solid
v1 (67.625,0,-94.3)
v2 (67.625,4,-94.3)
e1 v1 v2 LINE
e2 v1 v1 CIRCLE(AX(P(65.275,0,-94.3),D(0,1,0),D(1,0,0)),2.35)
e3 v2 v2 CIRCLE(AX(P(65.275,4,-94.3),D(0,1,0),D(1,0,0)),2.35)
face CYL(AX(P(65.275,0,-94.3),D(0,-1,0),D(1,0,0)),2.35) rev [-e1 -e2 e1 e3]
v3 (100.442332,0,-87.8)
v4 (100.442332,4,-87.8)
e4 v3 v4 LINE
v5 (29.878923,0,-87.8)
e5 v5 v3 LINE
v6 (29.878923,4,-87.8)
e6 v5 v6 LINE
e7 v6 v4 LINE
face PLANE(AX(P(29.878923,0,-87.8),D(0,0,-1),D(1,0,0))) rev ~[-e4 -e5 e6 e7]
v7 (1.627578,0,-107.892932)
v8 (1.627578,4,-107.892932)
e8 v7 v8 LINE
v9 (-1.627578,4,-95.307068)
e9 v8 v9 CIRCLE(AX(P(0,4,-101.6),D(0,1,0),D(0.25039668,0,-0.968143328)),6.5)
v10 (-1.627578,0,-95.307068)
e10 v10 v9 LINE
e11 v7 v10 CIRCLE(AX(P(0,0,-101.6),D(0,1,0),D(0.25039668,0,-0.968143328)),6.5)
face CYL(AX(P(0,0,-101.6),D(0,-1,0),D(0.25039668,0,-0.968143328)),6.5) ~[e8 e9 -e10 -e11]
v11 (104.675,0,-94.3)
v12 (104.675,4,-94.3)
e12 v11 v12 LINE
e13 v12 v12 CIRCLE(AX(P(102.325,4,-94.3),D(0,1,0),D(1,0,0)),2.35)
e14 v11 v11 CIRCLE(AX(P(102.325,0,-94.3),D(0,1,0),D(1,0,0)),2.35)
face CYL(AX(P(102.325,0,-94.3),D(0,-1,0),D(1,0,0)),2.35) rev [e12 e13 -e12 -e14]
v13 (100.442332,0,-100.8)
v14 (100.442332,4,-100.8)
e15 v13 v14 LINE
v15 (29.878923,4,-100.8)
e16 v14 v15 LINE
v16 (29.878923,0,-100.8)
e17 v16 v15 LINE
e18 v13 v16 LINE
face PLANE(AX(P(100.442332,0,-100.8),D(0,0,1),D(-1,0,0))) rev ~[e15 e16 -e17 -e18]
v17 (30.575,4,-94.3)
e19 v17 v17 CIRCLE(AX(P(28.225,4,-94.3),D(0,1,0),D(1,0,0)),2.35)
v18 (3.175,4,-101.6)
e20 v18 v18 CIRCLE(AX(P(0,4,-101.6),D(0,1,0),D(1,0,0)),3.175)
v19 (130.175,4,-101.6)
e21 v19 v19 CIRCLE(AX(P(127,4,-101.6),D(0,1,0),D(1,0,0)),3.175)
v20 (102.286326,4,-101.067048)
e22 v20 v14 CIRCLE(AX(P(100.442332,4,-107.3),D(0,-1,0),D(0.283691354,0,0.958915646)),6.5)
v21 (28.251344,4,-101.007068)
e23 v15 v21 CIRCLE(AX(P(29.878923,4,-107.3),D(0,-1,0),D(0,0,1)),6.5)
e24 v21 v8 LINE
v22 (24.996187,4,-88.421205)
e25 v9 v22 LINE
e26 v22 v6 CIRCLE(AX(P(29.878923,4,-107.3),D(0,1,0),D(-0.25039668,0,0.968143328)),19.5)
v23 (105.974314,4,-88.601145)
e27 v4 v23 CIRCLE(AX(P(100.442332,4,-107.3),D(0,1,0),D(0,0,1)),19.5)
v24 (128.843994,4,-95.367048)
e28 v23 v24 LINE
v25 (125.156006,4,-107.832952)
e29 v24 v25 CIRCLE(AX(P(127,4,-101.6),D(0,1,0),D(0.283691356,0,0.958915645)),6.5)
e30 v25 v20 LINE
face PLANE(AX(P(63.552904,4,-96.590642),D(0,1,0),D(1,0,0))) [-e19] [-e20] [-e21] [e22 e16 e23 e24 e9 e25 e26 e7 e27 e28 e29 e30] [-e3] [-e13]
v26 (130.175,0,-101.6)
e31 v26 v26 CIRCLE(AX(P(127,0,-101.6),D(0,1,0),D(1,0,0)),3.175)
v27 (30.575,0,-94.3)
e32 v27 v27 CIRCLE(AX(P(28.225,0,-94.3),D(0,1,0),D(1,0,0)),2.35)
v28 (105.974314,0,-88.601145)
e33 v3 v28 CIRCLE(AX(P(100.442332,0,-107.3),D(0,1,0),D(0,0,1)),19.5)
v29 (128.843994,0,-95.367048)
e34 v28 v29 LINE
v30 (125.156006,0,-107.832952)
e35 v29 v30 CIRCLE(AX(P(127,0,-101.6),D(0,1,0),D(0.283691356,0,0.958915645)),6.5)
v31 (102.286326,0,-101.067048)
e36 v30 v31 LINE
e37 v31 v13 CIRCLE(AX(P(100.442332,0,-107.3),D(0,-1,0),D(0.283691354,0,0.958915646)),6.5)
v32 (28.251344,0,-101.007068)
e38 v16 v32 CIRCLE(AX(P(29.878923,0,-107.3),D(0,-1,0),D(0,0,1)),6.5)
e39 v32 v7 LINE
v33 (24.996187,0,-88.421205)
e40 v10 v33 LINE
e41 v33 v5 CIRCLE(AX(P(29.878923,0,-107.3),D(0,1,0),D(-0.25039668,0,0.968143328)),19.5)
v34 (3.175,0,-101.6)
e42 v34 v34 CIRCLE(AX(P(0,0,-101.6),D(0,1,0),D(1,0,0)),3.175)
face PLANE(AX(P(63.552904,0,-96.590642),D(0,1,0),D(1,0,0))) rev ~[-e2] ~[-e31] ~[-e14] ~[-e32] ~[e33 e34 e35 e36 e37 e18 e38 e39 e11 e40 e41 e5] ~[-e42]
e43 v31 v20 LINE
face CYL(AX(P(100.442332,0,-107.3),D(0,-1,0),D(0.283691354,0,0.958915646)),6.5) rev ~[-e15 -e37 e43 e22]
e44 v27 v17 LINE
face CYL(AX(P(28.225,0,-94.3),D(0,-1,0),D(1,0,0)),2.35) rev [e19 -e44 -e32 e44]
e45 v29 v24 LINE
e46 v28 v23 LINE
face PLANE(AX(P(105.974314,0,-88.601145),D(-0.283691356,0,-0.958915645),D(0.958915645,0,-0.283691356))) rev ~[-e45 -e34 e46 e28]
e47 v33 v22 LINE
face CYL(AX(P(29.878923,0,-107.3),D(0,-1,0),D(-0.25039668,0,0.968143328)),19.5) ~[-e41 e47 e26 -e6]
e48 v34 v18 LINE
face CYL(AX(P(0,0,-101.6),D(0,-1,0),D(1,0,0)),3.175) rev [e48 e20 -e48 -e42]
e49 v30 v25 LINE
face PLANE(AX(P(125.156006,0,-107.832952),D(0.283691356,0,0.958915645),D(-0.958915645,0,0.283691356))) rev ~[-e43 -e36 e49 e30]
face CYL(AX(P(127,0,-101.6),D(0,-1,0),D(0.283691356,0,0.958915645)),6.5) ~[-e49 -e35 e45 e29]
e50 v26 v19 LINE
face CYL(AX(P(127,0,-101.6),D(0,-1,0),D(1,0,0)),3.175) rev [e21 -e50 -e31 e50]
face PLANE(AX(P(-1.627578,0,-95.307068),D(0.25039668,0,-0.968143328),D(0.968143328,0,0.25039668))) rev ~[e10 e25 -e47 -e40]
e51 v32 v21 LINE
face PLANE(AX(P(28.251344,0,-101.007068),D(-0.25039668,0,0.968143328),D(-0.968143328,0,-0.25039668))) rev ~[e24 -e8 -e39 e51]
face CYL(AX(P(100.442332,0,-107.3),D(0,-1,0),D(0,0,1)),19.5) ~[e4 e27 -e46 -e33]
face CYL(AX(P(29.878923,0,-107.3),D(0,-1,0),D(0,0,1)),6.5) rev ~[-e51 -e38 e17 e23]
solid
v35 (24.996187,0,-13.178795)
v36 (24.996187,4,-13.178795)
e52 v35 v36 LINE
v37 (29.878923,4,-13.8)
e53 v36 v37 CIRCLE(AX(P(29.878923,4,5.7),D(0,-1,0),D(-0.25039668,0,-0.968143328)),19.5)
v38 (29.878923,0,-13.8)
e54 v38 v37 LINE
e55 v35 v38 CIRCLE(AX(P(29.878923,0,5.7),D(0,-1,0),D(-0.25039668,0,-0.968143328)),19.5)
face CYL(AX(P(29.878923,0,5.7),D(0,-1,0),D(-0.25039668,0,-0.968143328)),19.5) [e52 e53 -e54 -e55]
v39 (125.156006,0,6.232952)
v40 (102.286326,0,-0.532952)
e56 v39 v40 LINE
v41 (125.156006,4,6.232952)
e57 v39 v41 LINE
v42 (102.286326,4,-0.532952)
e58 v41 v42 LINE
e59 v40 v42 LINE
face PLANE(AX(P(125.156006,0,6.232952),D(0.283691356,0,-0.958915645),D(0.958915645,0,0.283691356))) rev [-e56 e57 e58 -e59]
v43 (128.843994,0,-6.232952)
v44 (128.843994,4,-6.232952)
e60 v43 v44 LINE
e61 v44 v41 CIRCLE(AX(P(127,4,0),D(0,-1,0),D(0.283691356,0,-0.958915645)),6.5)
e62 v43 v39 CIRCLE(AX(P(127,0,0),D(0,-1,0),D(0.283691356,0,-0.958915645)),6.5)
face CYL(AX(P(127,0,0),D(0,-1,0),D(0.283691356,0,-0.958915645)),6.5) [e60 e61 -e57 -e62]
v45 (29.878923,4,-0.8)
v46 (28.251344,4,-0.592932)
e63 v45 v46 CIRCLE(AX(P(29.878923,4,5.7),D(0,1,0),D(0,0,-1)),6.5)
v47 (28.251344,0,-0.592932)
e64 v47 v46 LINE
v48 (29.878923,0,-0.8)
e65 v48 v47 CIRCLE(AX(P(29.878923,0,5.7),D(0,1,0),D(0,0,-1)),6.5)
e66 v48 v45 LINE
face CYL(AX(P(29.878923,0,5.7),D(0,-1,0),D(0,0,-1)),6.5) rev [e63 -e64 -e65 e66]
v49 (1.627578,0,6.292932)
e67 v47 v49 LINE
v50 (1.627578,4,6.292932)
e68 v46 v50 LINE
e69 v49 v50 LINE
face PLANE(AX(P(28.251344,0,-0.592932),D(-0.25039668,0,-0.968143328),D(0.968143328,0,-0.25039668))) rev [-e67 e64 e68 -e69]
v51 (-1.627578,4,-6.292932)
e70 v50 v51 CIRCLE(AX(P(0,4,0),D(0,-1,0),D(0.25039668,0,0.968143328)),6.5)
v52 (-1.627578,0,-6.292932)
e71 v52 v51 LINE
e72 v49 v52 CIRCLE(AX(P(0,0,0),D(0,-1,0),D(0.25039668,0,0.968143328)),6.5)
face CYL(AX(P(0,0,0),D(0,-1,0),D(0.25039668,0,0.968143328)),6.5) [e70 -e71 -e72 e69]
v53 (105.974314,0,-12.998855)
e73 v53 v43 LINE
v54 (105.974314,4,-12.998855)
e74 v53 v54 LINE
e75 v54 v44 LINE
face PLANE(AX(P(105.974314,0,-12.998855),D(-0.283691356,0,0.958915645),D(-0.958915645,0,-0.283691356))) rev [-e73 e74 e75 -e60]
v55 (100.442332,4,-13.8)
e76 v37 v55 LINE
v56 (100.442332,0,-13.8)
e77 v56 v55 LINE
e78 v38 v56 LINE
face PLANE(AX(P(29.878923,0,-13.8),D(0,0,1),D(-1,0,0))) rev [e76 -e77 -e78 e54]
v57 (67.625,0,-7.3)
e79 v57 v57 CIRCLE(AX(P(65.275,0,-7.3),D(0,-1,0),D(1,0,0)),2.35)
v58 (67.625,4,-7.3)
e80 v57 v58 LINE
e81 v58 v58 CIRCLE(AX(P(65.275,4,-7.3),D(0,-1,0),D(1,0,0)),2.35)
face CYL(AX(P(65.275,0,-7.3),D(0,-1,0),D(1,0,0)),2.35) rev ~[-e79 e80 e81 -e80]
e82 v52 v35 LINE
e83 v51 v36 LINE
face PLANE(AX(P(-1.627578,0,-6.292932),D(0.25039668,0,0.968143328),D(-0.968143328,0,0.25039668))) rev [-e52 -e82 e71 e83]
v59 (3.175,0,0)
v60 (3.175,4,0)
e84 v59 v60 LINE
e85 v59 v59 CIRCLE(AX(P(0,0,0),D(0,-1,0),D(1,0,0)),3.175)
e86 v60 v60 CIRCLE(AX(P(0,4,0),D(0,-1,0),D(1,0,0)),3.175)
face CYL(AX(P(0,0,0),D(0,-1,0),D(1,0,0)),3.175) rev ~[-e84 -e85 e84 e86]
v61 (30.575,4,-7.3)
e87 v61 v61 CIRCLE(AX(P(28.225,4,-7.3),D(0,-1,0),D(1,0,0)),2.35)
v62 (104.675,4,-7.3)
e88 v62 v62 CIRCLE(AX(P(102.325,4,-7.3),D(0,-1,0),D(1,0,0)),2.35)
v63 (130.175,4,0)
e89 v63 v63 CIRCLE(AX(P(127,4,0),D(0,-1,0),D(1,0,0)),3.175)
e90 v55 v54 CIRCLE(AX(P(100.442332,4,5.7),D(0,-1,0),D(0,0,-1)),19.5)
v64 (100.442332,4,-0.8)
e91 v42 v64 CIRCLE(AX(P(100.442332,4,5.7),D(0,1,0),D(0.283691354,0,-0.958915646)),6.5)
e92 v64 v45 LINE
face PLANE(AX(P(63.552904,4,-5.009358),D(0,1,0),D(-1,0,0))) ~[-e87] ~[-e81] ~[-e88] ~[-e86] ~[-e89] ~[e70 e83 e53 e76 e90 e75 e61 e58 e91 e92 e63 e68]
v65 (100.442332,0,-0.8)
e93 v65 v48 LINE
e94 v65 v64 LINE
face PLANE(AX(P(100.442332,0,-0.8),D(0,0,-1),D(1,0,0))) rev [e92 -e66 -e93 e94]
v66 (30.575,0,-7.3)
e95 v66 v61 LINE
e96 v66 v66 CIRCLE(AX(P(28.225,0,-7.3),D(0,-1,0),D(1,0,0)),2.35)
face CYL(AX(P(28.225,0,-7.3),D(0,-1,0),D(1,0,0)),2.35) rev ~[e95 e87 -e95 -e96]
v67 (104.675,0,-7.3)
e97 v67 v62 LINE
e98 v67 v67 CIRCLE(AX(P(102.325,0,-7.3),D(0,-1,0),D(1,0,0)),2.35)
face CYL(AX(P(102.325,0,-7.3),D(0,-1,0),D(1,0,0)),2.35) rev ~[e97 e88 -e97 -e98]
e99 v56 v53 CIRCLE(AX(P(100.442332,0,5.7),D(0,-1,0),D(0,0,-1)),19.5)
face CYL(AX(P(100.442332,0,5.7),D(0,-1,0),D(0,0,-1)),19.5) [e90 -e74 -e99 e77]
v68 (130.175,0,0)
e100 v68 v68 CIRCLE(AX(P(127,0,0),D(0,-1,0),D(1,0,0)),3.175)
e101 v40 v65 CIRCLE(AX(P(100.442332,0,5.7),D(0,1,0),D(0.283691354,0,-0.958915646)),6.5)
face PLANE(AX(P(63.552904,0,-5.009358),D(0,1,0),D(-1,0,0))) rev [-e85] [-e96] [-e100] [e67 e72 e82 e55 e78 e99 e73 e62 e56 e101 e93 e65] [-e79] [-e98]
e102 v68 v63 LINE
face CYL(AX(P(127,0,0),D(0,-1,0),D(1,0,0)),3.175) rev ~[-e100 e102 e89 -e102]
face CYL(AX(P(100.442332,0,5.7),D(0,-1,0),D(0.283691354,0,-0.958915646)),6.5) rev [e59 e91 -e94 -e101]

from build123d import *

# Parameters (mm, degrees)
SKETCH3_R           = 2.35
SKETCH3_R_2         = 3.175
BOSS_EXTRUDE1_DEPTH = 4


with BuildPart() as part:
    # Sketch3 → Boss-Extrude1 (new body)
    with BuildSketch(Plane(origin=(0, 0, 0), x_dir=(1, 0, 0), z_dir=(0, 1, 0))):
        with BuildLine():
            Line((-1.62757842, 95.307068371), (24.996187397, 88.421205113))
            ThreePointArc((24.996187397, 88.421205113), (27.417876161, 87.955924676), (29.878922656, 87.8))
            Line((29.878922656, 87.8), (100.442332088, 87.8))
            ThreePointArc((100.442332088, 87.8), (103.237177873, 88.001325511), (105.97431353, 88.601144919))
            Line((105.97431353, 88.601144919), (128.843993814, 95.367048306))
            ThreePointArc((128.843993814, 95.367048306), (133.232951694, 103.443993814), (125.156006186, 107.832951694))
            Line((125.156006186, 107.832951694), (102.286325902, 101.067048306))
            ThreePointArc((102.286325902, 101.067048306), (101.373947349, 100.867108504), (100.442332088, 100.8))
            Line((100.442332088, 100.8), (29.878922656, 100.8))
            ThreePointArc((29.878922656, 100.8), (29.058573824, 100.851974892), (28.251344236, 101.007068371))
            Line((28.251344236, 101.007068371), (1.62757842, 107.892931629))
            ThreePointArc((1.62757842, 107.892931629), (-6.292931629, 103.22757842), (-1.62757842, 95.307068371))
        make_face()
        with Locations((28.225, 94.3)):
            Circle(SKETCH3_R, mode=Mode.SUBTRACT)
        with Locations((65.275, 94.3)):
            Circle(SKETCH3_R, mode=Mode.SUBTRACT)
        with Locations((102.325, 94.3)):
            Circle(SKETCH3_R, mode=Mode.SUBTRACT)
        with Locations((127, 101.6)):
            Circle(SKETCH3_R_2, mode=Mode.SUBTRACT)
        with Locations((0, 101.6)):
            Circle(SKETCH3_R_2, mode=Mode.SUBTRACT)
    extrude(amount=BOSS_EXTRUDE1_DEPTH)


with BuildPart() as body_2:
    # Mirror3: mirrored copy
    add(part.part.mirror(Plane.XY.offset(-50.8)))


solid = Compound([part.part, body_2.part])
